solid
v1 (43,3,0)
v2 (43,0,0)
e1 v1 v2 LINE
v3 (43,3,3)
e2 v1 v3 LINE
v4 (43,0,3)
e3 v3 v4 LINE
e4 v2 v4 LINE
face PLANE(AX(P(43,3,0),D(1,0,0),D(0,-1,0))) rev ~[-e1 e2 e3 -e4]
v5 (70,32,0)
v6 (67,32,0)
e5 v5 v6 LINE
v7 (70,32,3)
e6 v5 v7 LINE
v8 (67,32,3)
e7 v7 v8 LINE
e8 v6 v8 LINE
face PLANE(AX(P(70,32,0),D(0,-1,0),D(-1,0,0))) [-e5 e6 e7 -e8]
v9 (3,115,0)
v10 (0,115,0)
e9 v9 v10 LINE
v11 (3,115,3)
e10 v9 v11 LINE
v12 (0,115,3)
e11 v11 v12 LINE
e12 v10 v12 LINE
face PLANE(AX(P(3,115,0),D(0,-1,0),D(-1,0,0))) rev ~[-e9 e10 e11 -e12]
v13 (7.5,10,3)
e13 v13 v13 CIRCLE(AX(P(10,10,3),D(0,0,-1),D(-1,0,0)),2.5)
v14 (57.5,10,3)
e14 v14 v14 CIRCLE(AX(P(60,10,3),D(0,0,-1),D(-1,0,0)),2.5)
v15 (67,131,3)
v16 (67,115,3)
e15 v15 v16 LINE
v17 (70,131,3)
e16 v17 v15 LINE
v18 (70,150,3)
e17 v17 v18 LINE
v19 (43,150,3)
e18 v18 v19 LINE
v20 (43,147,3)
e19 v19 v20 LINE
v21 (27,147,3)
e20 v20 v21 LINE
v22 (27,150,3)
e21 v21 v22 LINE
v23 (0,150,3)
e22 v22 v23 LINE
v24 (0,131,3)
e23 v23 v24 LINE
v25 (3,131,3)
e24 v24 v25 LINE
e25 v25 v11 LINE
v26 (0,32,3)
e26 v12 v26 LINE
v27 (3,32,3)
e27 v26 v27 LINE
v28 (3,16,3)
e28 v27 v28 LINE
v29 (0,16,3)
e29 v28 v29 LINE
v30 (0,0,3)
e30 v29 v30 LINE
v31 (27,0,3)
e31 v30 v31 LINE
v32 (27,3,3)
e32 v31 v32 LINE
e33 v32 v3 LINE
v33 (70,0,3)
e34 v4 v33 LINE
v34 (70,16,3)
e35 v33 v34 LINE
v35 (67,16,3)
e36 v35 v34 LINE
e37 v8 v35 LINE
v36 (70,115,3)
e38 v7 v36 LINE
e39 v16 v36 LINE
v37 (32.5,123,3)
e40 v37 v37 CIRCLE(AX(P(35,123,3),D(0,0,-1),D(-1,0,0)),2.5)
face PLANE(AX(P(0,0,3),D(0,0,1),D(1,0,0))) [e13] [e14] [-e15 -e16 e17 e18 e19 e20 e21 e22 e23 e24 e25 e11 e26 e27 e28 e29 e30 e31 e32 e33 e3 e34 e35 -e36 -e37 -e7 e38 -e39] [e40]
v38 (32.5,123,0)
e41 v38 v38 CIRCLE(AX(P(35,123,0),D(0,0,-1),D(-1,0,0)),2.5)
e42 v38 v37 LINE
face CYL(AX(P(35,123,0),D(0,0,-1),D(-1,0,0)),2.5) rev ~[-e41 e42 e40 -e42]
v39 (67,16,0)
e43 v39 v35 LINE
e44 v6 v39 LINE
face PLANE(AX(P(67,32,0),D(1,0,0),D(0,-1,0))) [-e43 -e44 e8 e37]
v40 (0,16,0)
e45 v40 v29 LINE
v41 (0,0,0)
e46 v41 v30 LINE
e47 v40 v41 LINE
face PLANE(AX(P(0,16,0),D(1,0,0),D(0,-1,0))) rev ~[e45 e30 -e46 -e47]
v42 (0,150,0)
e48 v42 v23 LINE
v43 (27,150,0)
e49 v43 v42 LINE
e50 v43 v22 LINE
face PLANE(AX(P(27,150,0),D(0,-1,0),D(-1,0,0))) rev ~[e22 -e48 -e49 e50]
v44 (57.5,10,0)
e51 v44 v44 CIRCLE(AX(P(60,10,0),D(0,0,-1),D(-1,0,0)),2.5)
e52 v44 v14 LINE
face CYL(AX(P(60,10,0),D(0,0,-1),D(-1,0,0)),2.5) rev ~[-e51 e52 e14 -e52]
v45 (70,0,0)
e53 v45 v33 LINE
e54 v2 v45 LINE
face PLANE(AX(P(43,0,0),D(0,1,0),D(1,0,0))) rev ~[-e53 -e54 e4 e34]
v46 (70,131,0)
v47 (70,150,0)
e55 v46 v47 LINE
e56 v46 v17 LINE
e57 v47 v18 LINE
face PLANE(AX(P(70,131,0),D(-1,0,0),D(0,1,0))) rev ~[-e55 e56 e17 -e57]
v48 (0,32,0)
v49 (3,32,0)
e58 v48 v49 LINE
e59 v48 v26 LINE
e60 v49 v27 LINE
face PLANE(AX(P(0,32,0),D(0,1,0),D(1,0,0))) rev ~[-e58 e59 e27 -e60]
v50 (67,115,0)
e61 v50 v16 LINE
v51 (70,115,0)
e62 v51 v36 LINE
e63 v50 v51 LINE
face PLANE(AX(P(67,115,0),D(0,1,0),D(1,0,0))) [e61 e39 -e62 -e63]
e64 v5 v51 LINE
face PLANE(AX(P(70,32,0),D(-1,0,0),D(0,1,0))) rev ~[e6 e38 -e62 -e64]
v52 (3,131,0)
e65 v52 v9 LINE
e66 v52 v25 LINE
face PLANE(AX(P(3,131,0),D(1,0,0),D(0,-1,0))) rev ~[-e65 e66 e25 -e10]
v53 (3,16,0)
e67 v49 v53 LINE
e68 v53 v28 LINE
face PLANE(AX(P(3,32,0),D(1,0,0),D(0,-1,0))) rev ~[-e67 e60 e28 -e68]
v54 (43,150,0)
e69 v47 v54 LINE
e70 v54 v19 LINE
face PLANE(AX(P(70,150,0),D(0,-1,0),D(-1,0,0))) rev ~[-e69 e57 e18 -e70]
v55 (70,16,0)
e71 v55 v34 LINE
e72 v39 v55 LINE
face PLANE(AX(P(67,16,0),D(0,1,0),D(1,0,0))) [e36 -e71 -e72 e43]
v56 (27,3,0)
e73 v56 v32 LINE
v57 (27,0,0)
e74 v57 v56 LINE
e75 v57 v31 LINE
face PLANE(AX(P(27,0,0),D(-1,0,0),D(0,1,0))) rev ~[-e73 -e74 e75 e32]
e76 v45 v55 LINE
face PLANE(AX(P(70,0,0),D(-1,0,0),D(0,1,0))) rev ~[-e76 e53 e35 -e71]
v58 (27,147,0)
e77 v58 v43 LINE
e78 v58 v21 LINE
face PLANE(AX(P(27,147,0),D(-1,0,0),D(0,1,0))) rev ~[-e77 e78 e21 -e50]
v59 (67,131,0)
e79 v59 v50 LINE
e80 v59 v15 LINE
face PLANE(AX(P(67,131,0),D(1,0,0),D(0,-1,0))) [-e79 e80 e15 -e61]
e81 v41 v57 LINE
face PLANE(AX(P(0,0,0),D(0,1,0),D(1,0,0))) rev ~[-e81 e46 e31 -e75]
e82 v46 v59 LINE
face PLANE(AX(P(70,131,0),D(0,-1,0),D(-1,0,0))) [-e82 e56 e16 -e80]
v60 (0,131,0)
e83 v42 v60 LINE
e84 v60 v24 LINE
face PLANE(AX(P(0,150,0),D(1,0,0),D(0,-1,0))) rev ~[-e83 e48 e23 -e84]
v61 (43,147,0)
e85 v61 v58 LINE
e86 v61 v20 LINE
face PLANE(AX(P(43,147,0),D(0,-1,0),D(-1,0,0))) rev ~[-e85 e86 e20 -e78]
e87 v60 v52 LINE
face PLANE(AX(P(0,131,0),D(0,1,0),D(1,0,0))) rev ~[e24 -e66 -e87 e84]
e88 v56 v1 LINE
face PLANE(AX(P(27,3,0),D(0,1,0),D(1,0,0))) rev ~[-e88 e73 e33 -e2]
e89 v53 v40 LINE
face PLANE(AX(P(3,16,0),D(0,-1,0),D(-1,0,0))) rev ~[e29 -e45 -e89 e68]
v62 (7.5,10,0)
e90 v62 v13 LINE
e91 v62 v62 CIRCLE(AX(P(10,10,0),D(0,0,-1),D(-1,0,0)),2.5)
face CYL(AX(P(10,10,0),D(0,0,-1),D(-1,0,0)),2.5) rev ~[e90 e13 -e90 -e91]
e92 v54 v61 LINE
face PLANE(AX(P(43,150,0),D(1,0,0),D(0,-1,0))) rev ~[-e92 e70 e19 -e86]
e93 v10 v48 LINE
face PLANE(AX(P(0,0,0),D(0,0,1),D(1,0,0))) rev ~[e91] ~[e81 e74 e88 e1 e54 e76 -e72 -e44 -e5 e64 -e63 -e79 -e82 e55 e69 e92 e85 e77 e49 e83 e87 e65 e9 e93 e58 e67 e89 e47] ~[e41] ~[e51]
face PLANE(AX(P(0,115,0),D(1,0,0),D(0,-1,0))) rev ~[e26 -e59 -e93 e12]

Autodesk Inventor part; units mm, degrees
ref_plane "YZ Plane" through (0, 0, 0) normal (1, 0, 0) x (0, 1, 0)
ref_plane "XZ Plane" through (0, 0, 0) normal (0, 1, 0) x (-1, 0, 0)
ref_plane "XY Plane" through (0, 0, 0) normal (0, 0, 1) x (1, 0, 0)
sketch "Sketch1" plane through (0, 0, 0) normal (0, 0, 1) x (1, 0, 0)
  line L0 (0, 0) -> (70, 0)
  line L1 (70, 0) -> (70, 150)
  line L2 (0, 131) -> (3, 131)
  line L3 (3, 131) -> (3, 115)
  line L4 (3, 115) -> (0, 115)
  line L5 (0, 115) -> (0, 131)
  line L6 (0, 32) -> (3, 32)
  line L7 (3, 32) -> (3, 16)
  line L8 (3, 16) -> (0, 16)
  line L9 (0, 16) -> (0, 32)
  line L10 (70, 131) -> (67, 131)
  line L11 (67, 131) -> (67, 115)
  line L12 (67, 115) -> (70, 115)
  line L13 (70, 115) -> (70, 131)
  line L14 (70, 32) -> (67, 32)
  line L15 (67, 32) -> (67, 16)
  line L16 (67, 16) -> (70, 16)
  line L17 (70, 16) -> (70, 32)
  line L18 (43, 150) -> (43, 147)
  line L19 (43, 147) -> (27, 147)
  line L20 (27, 147) -> (27, 150)
  line L21 (70, 150) -> (43, 150)
  line L22 (27, 150) -> (0, 150)
  line L23 (0, 150) -> (0, 131)
  line L24 (0, 115) -> (0, 0)
  line L25 (43, 0) -> (27, 0)
  line L26 (27, 0) -> (27, 3)
  line L27 (27, 3) -> (43, 3)
  line L28 (43, 3) -> (43, 0)
  point P0 (1.5, 16)
  point P1 (70, 123)
  point P2 (67, 123)
  dimension "d1" = 70
  dimension "d2" = 16
  dimension "d3" = 16
  dimension "d4" = 16
  dimension "d9" = 16
  dimension "d12" = 19
  dimension "d13" = 150
  dimension "d15" = 3
  dimension "d16" = 3
  dimension "d17" = 3
extrude "Plate1" add sketch "Sketch1" along normal blind 3 contours L24 L8 L7 L6 L4 L3 L2 L23 L22 L20 L19 L18 L21 L1 L10 L11 L12 L14 L15 L16 L0 L28 L27 L26
sketch "Sketch2" plane through (0, 0, 0) normal (0, 0, -1) x (-1, 0, 0)
  circle A0 centre (-35, 123) radius 2.5
  circle A1 centre (-60, 10) radius 2.5
  circle A2 centre (-10, 10) radius 2.5
  line L0 (-43, 147) -> (-27, 147) projected
  line L1 (-67, 131) -> (-67, 115) projected
  line L2 (-3, 131) -> (-3, 115) projected
  line L3 (0, 16) -> (-3, 16) projected
  line L4 (0, 0) -> (-27, 0) projected
  line L5 (0, 16) -> (0, 0) projected
  line L6 (-70, 0) -> (-70, 16) projected
  point P0 (-1.5, 16)
  point P1 (0, 8)
  dimension "d18" = 24
  dimension "d19" = 32
  dimension "d20" = 32
  dimension "d21" = 5
  dimension "d23" = 5
  dimension "d24" = 10
  dimension "d25" = 10
  dimension "d26" = 10
extrude "Extrusion1" cut sketch "Sketch2" against normal through all
equation "\"d14\" = Thickness"
equation "\"BendRadius\" = Thickness"
equation "\"BendReliefWidth\" = Thickness"
equation "\"BendReliefDepth\" = 0.5 * Thickness"
equation "\"CornerReliefSize\" = 4 * Thickness"
equation "\"MinimumRemnant\" = 2 * Thickness"
equation "\"TransitionRadius\" = BendRadius"
equation "\"JacobiRadiusSize\" = BendRadius"
equation "\"GapSize\" = Thickness"
equation "\"Thickness\" = 3"
properties part number "bottom plate" material "Hardboard"
